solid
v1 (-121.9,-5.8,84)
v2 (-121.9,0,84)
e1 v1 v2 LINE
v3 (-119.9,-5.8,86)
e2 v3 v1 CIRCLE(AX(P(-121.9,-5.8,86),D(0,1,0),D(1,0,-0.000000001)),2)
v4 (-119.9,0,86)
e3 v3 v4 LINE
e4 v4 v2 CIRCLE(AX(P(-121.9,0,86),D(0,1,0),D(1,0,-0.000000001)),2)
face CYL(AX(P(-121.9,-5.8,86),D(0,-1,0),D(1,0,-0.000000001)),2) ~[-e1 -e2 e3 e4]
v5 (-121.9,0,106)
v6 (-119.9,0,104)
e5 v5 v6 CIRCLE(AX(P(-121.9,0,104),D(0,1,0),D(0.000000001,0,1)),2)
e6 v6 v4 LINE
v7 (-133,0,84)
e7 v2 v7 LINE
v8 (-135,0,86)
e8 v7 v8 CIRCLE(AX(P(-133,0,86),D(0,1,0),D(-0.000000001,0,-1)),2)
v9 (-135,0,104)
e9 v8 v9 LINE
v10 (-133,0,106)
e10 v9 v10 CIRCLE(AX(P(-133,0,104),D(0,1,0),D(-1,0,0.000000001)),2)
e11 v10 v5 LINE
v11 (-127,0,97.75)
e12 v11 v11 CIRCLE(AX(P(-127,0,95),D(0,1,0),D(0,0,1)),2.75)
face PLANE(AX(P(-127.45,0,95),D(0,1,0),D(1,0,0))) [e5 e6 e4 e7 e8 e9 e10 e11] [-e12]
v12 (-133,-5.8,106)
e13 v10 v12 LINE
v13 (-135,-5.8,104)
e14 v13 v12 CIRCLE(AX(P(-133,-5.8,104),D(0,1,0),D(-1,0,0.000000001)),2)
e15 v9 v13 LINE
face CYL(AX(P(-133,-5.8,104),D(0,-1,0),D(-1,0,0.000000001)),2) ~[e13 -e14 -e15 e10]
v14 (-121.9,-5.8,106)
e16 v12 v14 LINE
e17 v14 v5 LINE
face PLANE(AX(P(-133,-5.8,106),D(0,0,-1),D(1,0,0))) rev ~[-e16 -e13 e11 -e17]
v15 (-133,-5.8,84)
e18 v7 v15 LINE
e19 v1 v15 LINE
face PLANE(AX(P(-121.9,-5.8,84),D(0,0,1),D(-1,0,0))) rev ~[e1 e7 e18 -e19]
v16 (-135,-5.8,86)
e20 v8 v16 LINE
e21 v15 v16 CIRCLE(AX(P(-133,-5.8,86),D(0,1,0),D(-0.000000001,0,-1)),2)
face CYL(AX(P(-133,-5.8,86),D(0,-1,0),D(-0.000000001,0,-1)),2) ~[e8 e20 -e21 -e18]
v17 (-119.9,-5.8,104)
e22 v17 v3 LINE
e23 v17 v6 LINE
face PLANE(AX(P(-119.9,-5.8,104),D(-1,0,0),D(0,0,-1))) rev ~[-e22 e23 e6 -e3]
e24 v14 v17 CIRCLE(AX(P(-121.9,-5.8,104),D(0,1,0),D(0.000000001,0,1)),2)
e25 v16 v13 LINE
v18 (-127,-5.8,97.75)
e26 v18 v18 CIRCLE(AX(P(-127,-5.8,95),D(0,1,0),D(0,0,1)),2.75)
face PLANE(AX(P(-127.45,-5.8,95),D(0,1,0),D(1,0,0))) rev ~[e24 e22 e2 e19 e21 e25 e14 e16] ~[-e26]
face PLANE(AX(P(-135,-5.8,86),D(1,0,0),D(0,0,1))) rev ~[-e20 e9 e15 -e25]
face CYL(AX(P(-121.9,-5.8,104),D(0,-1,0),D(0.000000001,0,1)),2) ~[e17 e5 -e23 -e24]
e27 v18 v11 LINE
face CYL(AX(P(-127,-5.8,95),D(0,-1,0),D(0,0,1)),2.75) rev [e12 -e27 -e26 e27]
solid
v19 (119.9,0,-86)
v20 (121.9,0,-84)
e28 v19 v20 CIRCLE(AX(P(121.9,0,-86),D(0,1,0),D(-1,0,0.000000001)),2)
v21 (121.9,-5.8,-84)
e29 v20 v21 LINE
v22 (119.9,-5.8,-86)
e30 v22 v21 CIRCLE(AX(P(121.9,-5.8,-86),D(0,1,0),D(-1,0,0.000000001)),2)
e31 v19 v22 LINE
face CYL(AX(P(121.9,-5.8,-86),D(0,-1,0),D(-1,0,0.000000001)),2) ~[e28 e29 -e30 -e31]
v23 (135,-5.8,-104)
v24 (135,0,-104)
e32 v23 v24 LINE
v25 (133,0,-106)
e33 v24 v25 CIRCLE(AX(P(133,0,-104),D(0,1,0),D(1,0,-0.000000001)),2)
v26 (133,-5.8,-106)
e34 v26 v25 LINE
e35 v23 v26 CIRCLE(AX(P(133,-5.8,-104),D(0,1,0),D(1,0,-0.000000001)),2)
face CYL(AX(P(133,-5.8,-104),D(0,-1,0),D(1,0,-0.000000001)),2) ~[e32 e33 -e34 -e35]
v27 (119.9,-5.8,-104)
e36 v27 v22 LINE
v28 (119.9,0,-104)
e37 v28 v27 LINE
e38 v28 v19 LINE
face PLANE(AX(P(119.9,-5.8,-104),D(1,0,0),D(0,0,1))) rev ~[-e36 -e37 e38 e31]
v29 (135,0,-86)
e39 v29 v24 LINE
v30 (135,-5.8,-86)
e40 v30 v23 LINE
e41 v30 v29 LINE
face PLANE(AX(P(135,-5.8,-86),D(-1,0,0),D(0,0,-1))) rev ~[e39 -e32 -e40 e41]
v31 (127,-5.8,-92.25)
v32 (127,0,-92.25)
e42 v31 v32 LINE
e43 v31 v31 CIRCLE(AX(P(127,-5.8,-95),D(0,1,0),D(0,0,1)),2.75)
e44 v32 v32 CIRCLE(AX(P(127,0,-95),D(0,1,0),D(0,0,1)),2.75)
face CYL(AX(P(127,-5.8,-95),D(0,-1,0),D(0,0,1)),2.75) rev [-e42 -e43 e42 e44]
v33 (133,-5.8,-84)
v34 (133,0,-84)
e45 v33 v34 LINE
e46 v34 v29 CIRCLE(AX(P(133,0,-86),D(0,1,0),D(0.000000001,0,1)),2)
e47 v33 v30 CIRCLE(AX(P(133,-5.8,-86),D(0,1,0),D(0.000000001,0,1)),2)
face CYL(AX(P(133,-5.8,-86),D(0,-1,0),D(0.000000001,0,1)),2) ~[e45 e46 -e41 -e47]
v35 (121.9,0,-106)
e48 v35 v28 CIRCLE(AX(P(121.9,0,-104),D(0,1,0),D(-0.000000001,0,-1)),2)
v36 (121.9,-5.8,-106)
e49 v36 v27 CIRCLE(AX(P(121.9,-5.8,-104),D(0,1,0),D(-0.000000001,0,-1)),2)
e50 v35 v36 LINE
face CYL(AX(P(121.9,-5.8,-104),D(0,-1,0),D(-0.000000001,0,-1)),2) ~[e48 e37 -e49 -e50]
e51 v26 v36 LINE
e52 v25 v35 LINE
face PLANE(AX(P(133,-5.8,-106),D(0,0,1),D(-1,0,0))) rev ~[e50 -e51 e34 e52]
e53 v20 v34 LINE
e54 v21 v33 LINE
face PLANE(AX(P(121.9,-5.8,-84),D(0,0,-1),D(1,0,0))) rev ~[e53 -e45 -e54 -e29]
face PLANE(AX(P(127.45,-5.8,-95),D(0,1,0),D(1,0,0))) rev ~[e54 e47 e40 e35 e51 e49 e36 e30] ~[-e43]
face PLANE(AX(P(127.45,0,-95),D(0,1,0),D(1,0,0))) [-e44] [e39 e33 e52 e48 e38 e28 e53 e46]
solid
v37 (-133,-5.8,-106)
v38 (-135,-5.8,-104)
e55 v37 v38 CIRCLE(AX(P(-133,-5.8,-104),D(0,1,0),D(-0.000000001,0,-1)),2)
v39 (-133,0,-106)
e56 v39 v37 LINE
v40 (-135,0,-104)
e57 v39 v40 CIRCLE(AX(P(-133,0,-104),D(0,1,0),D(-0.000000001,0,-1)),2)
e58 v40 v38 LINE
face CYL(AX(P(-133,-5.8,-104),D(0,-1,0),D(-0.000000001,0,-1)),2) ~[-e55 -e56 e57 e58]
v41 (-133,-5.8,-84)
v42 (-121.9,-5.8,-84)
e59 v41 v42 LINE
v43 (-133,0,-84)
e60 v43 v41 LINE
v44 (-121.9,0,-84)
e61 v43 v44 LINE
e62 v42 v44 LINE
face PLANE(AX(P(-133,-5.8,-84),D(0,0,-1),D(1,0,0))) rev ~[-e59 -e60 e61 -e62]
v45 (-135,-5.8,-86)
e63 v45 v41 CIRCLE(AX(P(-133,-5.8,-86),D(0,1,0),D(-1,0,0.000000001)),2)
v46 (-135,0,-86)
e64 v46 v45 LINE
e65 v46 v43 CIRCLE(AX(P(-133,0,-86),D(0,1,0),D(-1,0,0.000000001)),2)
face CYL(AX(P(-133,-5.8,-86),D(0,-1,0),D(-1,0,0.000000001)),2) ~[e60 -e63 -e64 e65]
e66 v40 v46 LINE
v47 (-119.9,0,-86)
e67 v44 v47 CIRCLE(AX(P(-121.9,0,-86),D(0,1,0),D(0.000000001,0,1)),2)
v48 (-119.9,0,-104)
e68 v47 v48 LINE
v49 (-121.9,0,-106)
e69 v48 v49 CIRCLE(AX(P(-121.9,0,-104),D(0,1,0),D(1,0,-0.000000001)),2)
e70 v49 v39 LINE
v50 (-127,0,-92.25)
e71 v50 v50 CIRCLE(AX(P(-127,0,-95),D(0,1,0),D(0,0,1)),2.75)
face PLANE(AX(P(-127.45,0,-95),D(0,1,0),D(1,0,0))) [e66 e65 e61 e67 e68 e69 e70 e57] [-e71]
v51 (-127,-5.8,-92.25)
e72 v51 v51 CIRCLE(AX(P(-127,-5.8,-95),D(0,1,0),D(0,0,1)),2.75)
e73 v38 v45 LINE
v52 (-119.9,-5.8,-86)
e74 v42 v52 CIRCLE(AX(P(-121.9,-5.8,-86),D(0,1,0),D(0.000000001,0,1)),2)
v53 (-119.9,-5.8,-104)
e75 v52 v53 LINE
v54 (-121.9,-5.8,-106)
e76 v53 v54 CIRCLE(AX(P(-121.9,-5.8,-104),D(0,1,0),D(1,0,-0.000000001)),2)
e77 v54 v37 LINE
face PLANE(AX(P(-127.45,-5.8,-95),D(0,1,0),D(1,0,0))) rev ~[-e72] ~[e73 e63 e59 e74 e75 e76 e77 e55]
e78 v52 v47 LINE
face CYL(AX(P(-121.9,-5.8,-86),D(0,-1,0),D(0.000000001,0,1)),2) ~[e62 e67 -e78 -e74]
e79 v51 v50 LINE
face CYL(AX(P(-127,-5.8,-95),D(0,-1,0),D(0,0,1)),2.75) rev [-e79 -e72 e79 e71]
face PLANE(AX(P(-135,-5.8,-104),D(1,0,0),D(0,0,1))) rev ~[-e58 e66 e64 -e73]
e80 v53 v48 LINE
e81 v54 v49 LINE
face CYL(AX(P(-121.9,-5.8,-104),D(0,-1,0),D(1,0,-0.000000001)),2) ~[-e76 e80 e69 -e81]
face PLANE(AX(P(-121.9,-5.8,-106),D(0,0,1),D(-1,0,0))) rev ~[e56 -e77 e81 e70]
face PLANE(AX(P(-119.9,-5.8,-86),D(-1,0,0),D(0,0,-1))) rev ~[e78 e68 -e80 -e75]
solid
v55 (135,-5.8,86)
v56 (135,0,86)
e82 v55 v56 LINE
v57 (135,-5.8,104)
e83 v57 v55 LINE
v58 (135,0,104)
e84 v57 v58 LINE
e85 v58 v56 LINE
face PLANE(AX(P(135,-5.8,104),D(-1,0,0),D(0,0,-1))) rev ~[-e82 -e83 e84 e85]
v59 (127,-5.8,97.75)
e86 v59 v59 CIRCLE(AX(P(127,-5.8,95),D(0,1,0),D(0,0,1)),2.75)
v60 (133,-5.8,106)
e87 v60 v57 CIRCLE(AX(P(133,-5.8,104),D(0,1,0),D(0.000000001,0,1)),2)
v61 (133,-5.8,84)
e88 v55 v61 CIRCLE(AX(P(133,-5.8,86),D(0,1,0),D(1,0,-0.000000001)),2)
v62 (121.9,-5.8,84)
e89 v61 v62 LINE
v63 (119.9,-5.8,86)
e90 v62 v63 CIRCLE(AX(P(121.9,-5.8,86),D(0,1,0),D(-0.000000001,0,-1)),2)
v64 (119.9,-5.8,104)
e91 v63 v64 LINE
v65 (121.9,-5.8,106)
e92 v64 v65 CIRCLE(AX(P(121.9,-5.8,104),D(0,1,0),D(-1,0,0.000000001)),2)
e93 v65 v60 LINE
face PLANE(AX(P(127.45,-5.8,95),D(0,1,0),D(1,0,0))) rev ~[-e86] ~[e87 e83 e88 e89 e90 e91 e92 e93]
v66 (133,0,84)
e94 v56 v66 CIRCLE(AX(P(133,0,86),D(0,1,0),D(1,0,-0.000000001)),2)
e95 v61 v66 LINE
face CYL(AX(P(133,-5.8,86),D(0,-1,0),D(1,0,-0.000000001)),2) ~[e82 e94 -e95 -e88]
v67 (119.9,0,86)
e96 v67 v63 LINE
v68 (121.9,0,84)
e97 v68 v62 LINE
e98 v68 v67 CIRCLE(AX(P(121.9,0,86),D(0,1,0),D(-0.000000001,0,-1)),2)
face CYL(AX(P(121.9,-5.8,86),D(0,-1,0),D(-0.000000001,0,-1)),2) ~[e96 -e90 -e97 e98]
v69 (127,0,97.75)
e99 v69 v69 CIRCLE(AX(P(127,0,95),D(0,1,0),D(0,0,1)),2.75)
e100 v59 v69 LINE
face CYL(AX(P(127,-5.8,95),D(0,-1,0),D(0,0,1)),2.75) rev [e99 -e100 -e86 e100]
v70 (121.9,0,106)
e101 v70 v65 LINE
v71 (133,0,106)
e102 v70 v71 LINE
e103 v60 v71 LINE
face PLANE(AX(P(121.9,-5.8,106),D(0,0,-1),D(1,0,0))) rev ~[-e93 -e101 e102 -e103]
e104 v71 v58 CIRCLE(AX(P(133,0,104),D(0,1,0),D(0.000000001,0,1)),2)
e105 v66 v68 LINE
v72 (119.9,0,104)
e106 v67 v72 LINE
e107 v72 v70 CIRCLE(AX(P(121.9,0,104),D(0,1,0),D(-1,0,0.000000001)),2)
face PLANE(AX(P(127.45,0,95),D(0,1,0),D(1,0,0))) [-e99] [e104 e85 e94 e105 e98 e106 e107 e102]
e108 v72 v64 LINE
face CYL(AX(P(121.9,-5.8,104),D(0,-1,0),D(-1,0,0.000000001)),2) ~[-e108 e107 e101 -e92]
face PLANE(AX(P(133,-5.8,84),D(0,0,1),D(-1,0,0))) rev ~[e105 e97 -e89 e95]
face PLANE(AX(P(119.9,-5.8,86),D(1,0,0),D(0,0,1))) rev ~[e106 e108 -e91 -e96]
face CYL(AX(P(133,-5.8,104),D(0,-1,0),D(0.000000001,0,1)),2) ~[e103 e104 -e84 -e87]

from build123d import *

# Parameters (mm, degrees)
SKETCH1_R             = 2.75
BOSS_EXTRUDE1_DEPTH   = 2.9
BOSS_EXTRUDE1_2_DEPTH = 2.9
BOSS_EXTRUDE1_3_DEPTH = 2.9
BOSS_EXTRUDE1_4_DEPTH = 2.9
SKETCH2_R             = 2.75
BOSS_EXTRUDE2_DEPTH   = 2.9


with BuildPart() as part:
    # Sketch1 → Boss-Extrude1 (new body)
    with BuildSketch(Plane(origin=(0, -2.9, 0), x_dir=(1, 0, 0), z_dir=(0, 1, 0))):
        with BuildLine():
            Line((121.9, -106), (133, -106))
            ThreePointArc((133, -106), (134.414213562, -105.414213562), (135, -104))
            Line((135, -104), (135, -86))
            ThreePointArc((135, -86), (134.414213562, -84.585786438), (133, -84))
            Line((133, -84), (121.9, -84))
            ThreePointArc((121.9, -84), (120.485786438, -84.585786438), (119.9, -86))
            Line((119.9, -86), (119.9, -104))
            ThreePointArc((119.9, -104), (120.485786438, -105.414213562), (121.9, -106))
        make_face()
        with Locations(Location((127, -95, 0), (0, 0, 270))):
            Circle(SKETCH1_R, mode=Mode.SUBTRACT)
    extrude(amount=BOSS_EXTRUDE1_DEPTH)



with BuildPart() as body_2:
    # Sketch1 → Boss-Extrude1 2 (new body)
    with BuildSketch(Plane(origin=(0, -2.9, 0), x_dir=(1, 0, 0), z_dir=(0, 1, 0))):
        with BuildLine():
            Line((121.9, 84), (133, 84))
            ThreePointArc((133, 84), (134.414213562, 84.585786438), (135, 86))
            Line((135, 86), (135, 104))
            ThreePointArc((135, 104), (134.414213562, 105.414213562), (133, 106))
            Line((133, 106), (121.9, 106))
            ThreePointArc((121.9, 106), (120.485786438, 105.414213562), (119.9, 104))
            Line((119.9, 104), (119.9, 86))
            ThreePointArc((119.9, 86), (120.485786438, 84.585786438), (121.9, 84))
        make_face()
        with Locations(Location((127, 95, 0), (0, 0, 270))):
            Circle(SKETCH1_R, mode=Mode.SUBTRACT)
    extrude(amount=BOSS_EXTRUDE1_2_DEPTH)


with BuildPart() as body_3:
    # Sketch1 → Boss-Extrude1 3 (new body)
    with BuildSketch(Plane(origin=(0, -2.9, 0), x_dir=(1, 0, 0), z_dir=(0, 1, 0))):
        with BuildLine():
            Line((-133, -106), (-121.9, -106))
            ThreePointArc((-121.9, -106), (-120.485786438, -105.414213562), (-119.9, -104))
            Line((-119.9, -104), (-119.9, -86))
            ThreePointArc((-119.9, -86), (-120.485786438, -84.585786438), (-121.9, -84))
            Line((-121.9, -84), (-133, -84))
            ThreePointArc((-133, -84), (-134.414213562, -84.585786438), (-135, -86))
            Line((-135, -86), (-135, -104))
            ThreePointArc((-135, -104), (-134.414213562, -105.414213562), (-133, -106))
        make_face()
        with Locations(Location((-127, -95, 0), (0, 0, 270))):
            Circle(SKETCH1_R, mode=Mode.SUBTRACT)
    extrude(amount=BOSS_EXTRUDE1_3_DEPTH)


with BuildPart() as body_4:
    # Sketch1 → Boss-Extrude1 4 (new body)
    with BuildSketch(Plane(origin=(0, -2.9, 0), x_dir=(1, 0, 0), z_dir=(0, 1, 0))):
        with BuildLine():
            Line((-133, 84), (-121.9, 84))
            ThreePointArc((-121.9, 84), (-120.485786438, 84.585786438), (-119.9, 86))
            Line((-119.9, 86), (-119.9, 104))
            ThreePointArc((-119.9, 104), (-120.485786438, 105.414213562), (-121.9, 106))
            Line((-121.9, 106), (-133, 106))
            ThreePointArc((-133, 106), (-134.414213562, 105.414213562), (-135, 104))
            Line((-135, 104), (-135, 86))
            ThreePointArc((-135, 86), (-134.414213562, 84.585786438), (-133, 84))
        make_face()
        with Locations(Location((-127, 95, 0), (0, 0, 270))):
            Circle(SKETCH1_R, mode=Mode.SUBTRACT)
    extrude(amount=BOSS_EXTRUDE1_4_DEPTH)


with BuildPart() as part_1:
    add(part.part)

    add(body_2.part)  # Boss-Extrude2 merges body 2

    add(body_3.part)  # Boss-Extrude2 merges body 3

    add(body_4.part)  # Boss-Extrude2 merges body 4
    # Sketch2 → Boss-Extrude2 (add)
    # profile 1 of 4: a face of its own
    with BuildSketch(Plane(origin=(0, -5.8, 0), x_dir=(1, 0, 0), z_dir=(0, 1, 0))):
        with BuildLine():
            Line((121.9, -106), (133, -106))
            ThreePointArc((133, -106), (134.414213562, -105.414213562), (135, -104))
            Line((135, -104), (135, -86))
            ThreePointArc((135, -86), (134.414213562, -84.585786438), (133, -84))
            Line((133, -84), (121.9, -84))
            ThreePointArc((121.9, -84), (120.485786438, -84.585786438), (119.9, -86))
            Line((119.9, -86), (119.9, -104))
            ThreePointArc((119.9, -104), (120.485786438, -105.414213562), (121.9, -106))
        make_face()
        with Locations(Location((127, -95, 0), (0, 0, 270))):
            Circle(SKETCH2_R, mode=Mode.SUBTRACT)
    # profile 2 of 4: a face of its own
    with BuildSketch(Plane(origin=(0, -5.8, 0), x_dir=(1, 0, 0), z_dir=(0, 1, 0))):
        with BuildLine():
            Line((121.9, 84), (133, 84))
            ThreePointArc((133, 84), (134.414213562, 84.585786438), (135, 86))
            Line((135, 86), (135, 104))
            ThreePointArc((135, 104), (134.414213562, 105.414213562), (133, 106))
            Line((133, 106), (121.9, 106))
            ThreePointArc((121.9, 106), (120.485786438, 105.414213562), (119.9, 104))
            Line((119.9, 104), (119.9, 86))
            ThreePointArc((119.9, 86), (120.485786438, 84.585786438), (121.9, 84))
        make_face()
        with Locations(Location((127, 95, 0), (0, 0, 270))):
            Circle(SKETCH2_R, mode=Mode.SUBTRACT)
    # profile 3 of 4: a face of its own
    with BuildSketch(Plane(origin=(0, -5.8, 0), x_dir=(1, 0, 0), z_dir=(0, 1, 0))):
        with BuildLine():
            Line((-133, -106), (-121.9, -106))
            ThreePointArc((-121.9, -106), (-120.485786438, -105.414213562), (-119.9, -104))
            Line((-119.9, -104), (-119.9, -86))
            ThreePointArc((-119.9, -86), (-120.485786438, -84.585786438), (-121.9, -84))
            Line((-121.9, -84), (-133, -84))
            ThreePointArc((-133, -84), (-134.414213562, -84.585786438), (-135, -86))
            Line((-135, -86), (-135, -104))
            ThreePointArc((-135, -104), (-134.414213562, -105.414213562), (-133, -106))
        make_face()
        with Locations(Location((-127, -95, 0), (0, 0, 270))):
            Circle(SKETCH2_R, mode=Mode.SUBTRACT)
    # profile 4 of 4: a face of its own
    with BuildSketch(Plane(origin=(0, -5.8, 0), x_dir=(1, 0, 0), z_dir=(0, 1, 0))):
        with BuildLine():
            Line((-133, 84), (-121.9, 84))
            ThreePointArc((-121.9, 84), (-120.485786438, 84.585786438), (-119.9, 86))
            Line((-119.9, 86), (-119.9, 104))
            ThreePointArc((-119.9, 104), (-120.485786438, 105.414213562), (-121.9, 106))
            Line((-121.9, 106), (-133, 106))
            ThreePointArc((-133, 106), (-134.414213562, 105.414213562), (-135, 104))
            Line((-135, 104), (-135, 86))
            ThreePointArc((-135, 86), (-134.414213562, 84.585786438), (-133, 84))
        make_face()
        with Locations(Location((-127, 95, 0), (0, 0, 270))):
            Circle(SKETCH2_R, mode=Mode.SUBTRACT)
    extrude(amount=BOSS_EXTRUDE2_DEPTH)


solid = part_1.part
